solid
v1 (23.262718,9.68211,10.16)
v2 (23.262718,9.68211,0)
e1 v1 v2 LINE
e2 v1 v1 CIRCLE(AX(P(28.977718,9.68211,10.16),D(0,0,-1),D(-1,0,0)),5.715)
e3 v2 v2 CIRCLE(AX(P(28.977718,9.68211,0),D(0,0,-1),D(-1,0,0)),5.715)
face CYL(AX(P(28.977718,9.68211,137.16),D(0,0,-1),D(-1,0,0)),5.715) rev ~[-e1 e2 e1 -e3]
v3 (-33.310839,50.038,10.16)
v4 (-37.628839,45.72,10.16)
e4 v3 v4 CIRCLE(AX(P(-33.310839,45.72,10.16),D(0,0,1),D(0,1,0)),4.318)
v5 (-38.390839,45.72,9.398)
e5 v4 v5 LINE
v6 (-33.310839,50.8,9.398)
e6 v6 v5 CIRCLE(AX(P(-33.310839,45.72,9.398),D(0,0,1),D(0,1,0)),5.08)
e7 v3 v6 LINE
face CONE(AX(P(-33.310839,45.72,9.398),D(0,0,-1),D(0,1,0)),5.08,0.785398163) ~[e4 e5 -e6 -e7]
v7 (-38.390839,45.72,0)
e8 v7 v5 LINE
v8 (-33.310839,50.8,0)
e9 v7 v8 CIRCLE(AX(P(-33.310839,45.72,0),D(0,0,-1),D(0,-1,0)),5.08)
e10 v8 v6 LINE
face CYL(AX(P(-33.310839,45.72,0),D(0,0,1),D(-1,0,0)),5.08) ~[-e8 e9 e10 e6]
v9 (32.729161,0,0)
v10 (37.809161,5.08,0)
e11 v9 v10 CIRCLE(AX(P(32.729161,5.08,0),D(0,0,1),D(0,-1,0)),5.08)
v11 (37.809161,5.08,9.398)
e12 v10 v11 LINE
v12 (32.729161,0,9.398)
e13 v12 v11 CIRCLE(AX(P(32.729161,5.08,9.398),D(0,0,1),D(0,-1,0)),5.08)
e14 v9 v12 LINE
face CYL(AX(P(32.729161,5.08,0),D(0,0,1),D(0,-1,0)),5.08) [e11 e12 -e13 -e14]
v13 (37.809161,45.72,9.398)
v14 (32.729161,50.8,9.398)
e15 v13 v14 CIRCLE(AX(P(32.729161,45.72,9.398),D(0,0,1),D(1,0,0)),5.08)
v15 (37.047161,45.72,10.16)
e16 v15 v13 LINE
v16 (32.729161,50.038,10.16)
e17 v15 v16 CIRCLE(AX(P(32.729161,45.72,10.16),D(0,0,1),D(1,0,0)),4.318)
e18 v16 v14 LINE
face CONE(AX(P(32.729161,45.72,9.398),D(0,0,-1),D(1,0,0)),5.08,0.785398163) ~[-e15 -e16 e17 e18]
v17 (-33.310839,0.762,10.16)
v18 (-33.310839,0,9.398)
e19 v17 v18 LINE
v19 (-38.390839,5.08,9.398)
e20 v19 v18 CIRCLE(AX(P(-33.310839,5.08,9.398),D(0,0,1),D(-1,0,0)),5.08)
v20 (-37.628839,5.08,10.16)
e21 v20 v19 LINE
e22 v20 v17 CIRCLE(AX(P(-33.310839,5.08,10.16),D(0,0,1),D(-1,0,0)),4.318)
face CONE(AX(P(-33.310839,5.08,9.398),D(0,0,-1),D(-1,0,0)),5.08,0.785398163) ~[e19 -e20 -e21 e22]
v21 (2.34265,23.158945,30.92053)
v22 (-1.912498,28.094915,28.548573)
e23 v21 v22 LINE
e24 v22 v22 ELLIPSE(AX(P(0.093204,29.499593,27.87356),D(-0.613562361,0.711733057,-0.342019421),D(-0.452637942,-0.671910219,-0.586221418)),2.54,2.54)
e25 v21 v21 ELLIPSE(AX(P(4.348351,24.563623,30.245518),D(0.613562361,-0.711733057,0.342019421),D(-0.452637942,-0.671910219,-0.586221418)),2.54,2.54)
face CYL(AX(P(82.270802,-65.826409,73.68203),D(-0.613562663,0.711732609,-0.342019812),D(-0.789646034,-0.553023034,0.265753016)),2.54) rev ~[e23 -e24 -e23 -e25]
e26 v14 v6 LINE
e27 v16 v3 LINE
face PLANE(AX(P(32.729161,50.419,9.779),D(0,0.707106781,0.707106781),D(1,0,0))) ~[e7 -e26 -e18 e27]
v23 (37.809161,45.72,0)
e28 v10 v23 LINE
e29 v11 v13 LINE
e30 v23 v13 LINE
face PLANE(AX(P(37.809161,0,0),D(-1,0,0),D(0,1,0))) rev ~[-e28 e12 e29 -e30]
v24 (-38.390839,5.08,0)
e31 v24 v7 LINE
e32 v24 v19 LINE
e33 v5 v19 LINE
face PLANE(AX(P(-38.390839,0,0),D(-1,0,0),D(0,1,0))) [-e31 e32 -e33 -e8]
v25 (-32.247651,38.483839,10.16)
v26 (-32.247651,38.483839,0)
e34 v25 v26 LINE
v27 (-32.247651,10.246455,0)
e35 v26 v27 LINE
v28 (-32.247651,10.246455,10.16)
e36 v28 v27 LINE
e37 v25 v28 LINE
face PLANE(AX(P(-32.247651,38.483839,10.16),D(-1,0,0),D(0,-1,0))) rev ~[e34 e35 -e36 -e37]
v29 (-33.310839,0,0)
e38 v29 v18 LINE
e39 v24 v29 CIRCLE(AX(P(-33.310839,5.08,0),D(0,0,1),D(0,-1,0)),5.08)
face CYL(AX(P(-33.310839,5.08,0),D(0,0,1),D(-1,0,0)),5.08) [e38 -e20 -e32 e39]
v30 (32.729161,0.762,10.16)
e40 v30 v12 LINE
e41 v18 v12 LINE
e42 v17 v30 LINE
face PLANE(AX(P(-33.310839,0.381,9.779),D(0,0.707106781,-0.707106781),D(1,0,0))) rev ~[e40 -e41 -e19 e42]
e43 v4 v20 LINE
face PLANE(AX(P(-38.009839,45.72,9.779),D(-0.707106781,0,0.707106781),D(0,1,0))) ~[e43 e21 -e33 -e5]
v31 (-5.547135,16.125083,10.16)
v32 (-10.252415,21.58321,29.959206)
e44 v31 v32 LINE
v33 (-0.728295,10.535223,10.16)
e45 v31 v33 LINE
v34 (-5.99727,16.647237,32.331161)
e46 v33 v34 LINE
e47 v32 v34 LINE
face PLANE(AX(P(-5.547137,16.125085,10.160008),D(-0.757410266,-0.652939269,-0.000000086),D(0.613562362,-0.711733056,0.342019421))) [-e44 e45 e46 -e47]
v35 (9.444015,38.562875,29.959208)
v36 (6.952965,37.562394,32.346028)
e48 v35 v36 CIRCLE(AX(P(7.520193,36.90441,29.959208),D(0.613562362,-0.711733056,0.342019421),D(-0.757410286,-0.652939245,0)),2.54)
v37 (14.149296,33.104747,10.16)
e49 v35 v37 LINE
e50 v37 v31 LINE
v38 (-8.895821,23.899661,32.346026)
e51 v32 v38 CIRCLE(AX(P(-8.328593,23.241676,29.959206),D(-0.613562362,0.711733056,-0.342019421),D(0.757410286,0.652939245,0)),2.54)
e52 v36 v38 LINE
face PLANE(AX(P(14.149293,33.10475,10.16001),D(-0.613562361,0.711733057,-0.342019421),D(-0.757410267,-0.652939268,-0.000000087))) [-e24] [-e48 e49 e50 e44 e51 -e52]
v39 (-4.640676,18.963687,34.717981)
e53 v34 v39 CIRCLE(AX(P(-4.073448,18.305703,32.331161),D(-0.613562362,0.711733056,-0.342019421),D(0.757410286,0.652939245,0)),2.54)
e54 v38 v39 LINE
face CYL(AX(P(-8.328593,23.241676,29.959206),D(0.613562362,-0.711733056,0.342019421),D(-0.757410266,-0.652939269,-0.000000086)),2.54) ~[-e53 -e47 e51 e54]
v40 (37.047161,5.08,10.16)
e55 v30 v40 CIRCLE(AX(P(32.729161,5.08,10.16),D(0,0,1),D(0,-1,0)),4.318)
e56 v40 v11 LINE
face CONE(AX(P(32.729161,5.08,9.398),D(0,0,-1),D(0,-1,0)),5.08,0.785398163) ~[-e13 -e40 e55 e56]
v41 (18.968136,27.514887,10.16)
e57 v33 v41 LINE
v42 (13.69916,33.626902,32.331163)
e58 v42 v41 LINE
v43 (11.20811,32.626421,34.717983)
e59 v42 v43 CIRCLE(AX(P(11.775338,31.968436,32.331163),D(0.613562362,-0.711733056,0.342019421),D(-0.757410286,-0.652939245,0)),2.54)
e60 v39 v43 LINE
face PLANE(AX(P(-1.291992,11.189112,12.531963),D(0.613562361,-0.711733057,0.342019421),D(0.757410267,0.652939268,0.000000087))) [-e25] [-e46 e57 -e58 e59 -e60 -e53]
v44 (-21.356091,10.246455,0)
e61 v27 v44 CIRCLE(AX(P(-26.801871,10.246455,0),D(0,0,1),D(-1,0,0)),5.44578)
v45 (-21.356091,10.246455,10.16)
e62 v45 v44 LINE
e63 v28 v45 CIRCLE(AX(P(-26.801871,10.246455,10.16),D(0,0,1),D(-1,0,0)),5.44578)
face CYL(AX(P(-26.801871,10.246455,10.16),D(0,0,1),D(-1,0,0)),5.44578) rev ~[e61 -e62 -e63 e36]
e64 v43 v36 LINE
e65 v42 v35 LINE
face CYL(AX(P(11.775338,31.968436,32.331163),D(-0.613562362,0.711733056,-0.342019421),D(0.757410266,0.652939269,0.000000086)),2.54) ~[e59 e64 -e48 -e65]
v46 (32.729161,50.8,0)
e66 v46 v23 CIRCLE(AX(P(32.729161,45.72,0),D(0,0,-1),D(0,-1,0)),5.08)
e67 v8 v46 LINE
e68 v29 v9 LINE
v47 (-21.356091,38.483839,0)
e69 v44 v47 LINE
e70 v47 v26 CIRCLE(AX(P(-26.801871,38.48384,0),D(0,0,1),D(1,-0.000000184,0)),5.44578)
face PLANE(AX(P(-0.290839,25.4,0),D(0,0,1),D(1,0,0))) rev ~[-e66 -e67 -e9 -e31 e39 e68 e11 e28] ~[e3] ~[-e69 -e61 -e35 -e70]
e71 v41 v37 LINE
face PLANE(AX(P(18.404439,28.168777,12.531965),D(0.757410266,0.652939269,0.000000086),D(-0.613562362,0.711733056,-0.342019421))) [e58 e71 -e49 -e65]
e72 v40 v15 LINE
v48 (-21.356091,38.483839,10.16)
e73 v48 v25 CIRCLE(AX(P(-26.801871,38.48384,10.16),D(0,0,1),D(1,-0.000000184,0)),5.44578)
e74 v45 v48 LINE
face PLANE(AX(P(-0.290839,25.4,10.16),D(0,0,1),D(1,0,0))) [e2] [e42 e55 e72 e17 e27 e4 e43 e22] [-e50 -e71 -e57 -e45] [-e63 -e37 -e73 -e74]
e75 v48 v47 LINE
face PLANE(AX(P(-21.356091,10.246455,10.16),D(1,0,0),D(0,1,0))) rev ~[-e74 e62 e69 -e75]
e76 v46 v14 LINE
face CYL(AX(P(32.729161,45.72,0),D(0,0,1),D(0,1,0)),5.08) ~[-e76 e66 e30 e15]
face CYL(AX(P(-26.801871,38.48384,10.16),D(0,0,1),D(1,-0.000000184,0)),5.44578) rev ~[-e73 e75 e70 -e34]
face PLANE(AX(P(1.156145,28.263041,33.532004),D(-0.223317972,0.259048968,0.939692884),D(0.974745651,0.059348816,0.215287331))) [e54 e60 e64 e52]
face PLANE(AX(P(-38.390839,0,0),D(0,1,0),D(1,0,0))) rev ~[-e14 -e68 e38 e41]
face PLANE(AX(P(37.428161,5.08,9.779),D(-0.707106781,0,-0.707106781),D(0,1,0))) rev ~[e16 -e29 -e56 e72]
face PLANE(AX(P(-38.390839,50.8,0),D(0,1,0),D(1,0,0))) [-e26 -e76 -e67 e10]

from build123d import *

# Parameters (mm, degrees)
F0_W          = 76.2
F0_H          = 50.8
F1_DEPTH      = 10.16
F5_DEPTH      = 23.60986
F5_DEPTH_BACK = 6.00945
F7_DEPTH      = 25.4
F9_D          = 11.43
F9_DEPTH      = 127
F11_D         = 5.08
F11_DEPTH     = 127
F12_R         = 5.08
F13_SIZE      = 0.762
F14_R         = 2.54


with BuildPart() as f1:
    # F0 (on Top) → F1 (new body)
    with BuildSketch(Plane.XY):
        with Locations((-0.290839, 25.4)):
            Rectangle(F0_W, F0_H)
    extrude(amount=F1_DEPTH)

    # F4 (on face) → F5 (join, two sides)
    with BuildSketch(Plane(origin=(-3.34157, 3.876222, 14.060855), x_dir=(0.974746, 0.059349, 0.215288), z_dir=(-0.223318, 0.259049, 0.939693))) as f5_sk:
        Polygon((17.944019, 29.214139), (-2.262714, 12.845073), (2.102678, 7.456231), (22.309411, 23.825297), align=None)
    extrude(amount=F5_DEPTH)
    extrude(f5_sk.sketch, amount=-F5_DEPTH_BACK)

    # F6 (on face) → F7 (cut)
    with BuildSketch(Plane.XY.offset(10.16)):
        with BuildLine():
            ThreePointArc((-21.356091, 38.483839), (-26.801871, 43.92962), (-32.247651, 38.483839))
            Line((-32.247651, 38.483839), (-32.247651, 10.246455))
            ThreePointArc((-32.247651, 10.246455), (-26.801871, 4.800675), (-21.356091, 10.246455))
            Line((-21.356091, 10.246455), (-21.356091, 38.483839))
        make_face()
    extrude(amount=-F7_DEPTH, mode=Mode.SUBTRACT)

    # F9
    with Locations(Plane.XY.offset(10.16)):
        with Locations((28.977718, 9.68211)):
            Hole(F9_D / 2, depth=F9_DEPTH)

    # F11
    with Locations(Plane(origin=(-2.742742, 3.181581, -1.528896), x_dir=(0.789646, 0.553023, -0.265753), z_dir=(0.613563, -0.711733, 0.34202))):
        with Locations((8.980069, 37.900489)):
            Hole(F11_D / 2, depth=F11_DEPTH)

    # F12
    f12_edges = [f1.edges().sort_by_distance(p)[0] for p in [
        (37.809161, 0, 5.08),
        (37.809161, 50.8, 5.08),
        (-38.390839, 50.8, 5.08),
        (-38.390839, 0, 5.08),
    ]]
    fillet(f12_edges, radius=F12_R)

    # F13
    f13_edges = [f1.edges().sort_by_distance(p)[0] for p in [
        (-0.290839, 0, 10.16),
    ]]
    chamfer(f13_edges, length=F13_SIZE)

    # F14
    f14_edges = [f1.edges().sort_by_distance(p)[0] for p in [
        (-8.692086, 19.773218, 33.531991),
        (11.004337, 36.752892, 33.531991),
    ]]
    fillet(f14_edges, radius=F14_R)


solid = f1.part
